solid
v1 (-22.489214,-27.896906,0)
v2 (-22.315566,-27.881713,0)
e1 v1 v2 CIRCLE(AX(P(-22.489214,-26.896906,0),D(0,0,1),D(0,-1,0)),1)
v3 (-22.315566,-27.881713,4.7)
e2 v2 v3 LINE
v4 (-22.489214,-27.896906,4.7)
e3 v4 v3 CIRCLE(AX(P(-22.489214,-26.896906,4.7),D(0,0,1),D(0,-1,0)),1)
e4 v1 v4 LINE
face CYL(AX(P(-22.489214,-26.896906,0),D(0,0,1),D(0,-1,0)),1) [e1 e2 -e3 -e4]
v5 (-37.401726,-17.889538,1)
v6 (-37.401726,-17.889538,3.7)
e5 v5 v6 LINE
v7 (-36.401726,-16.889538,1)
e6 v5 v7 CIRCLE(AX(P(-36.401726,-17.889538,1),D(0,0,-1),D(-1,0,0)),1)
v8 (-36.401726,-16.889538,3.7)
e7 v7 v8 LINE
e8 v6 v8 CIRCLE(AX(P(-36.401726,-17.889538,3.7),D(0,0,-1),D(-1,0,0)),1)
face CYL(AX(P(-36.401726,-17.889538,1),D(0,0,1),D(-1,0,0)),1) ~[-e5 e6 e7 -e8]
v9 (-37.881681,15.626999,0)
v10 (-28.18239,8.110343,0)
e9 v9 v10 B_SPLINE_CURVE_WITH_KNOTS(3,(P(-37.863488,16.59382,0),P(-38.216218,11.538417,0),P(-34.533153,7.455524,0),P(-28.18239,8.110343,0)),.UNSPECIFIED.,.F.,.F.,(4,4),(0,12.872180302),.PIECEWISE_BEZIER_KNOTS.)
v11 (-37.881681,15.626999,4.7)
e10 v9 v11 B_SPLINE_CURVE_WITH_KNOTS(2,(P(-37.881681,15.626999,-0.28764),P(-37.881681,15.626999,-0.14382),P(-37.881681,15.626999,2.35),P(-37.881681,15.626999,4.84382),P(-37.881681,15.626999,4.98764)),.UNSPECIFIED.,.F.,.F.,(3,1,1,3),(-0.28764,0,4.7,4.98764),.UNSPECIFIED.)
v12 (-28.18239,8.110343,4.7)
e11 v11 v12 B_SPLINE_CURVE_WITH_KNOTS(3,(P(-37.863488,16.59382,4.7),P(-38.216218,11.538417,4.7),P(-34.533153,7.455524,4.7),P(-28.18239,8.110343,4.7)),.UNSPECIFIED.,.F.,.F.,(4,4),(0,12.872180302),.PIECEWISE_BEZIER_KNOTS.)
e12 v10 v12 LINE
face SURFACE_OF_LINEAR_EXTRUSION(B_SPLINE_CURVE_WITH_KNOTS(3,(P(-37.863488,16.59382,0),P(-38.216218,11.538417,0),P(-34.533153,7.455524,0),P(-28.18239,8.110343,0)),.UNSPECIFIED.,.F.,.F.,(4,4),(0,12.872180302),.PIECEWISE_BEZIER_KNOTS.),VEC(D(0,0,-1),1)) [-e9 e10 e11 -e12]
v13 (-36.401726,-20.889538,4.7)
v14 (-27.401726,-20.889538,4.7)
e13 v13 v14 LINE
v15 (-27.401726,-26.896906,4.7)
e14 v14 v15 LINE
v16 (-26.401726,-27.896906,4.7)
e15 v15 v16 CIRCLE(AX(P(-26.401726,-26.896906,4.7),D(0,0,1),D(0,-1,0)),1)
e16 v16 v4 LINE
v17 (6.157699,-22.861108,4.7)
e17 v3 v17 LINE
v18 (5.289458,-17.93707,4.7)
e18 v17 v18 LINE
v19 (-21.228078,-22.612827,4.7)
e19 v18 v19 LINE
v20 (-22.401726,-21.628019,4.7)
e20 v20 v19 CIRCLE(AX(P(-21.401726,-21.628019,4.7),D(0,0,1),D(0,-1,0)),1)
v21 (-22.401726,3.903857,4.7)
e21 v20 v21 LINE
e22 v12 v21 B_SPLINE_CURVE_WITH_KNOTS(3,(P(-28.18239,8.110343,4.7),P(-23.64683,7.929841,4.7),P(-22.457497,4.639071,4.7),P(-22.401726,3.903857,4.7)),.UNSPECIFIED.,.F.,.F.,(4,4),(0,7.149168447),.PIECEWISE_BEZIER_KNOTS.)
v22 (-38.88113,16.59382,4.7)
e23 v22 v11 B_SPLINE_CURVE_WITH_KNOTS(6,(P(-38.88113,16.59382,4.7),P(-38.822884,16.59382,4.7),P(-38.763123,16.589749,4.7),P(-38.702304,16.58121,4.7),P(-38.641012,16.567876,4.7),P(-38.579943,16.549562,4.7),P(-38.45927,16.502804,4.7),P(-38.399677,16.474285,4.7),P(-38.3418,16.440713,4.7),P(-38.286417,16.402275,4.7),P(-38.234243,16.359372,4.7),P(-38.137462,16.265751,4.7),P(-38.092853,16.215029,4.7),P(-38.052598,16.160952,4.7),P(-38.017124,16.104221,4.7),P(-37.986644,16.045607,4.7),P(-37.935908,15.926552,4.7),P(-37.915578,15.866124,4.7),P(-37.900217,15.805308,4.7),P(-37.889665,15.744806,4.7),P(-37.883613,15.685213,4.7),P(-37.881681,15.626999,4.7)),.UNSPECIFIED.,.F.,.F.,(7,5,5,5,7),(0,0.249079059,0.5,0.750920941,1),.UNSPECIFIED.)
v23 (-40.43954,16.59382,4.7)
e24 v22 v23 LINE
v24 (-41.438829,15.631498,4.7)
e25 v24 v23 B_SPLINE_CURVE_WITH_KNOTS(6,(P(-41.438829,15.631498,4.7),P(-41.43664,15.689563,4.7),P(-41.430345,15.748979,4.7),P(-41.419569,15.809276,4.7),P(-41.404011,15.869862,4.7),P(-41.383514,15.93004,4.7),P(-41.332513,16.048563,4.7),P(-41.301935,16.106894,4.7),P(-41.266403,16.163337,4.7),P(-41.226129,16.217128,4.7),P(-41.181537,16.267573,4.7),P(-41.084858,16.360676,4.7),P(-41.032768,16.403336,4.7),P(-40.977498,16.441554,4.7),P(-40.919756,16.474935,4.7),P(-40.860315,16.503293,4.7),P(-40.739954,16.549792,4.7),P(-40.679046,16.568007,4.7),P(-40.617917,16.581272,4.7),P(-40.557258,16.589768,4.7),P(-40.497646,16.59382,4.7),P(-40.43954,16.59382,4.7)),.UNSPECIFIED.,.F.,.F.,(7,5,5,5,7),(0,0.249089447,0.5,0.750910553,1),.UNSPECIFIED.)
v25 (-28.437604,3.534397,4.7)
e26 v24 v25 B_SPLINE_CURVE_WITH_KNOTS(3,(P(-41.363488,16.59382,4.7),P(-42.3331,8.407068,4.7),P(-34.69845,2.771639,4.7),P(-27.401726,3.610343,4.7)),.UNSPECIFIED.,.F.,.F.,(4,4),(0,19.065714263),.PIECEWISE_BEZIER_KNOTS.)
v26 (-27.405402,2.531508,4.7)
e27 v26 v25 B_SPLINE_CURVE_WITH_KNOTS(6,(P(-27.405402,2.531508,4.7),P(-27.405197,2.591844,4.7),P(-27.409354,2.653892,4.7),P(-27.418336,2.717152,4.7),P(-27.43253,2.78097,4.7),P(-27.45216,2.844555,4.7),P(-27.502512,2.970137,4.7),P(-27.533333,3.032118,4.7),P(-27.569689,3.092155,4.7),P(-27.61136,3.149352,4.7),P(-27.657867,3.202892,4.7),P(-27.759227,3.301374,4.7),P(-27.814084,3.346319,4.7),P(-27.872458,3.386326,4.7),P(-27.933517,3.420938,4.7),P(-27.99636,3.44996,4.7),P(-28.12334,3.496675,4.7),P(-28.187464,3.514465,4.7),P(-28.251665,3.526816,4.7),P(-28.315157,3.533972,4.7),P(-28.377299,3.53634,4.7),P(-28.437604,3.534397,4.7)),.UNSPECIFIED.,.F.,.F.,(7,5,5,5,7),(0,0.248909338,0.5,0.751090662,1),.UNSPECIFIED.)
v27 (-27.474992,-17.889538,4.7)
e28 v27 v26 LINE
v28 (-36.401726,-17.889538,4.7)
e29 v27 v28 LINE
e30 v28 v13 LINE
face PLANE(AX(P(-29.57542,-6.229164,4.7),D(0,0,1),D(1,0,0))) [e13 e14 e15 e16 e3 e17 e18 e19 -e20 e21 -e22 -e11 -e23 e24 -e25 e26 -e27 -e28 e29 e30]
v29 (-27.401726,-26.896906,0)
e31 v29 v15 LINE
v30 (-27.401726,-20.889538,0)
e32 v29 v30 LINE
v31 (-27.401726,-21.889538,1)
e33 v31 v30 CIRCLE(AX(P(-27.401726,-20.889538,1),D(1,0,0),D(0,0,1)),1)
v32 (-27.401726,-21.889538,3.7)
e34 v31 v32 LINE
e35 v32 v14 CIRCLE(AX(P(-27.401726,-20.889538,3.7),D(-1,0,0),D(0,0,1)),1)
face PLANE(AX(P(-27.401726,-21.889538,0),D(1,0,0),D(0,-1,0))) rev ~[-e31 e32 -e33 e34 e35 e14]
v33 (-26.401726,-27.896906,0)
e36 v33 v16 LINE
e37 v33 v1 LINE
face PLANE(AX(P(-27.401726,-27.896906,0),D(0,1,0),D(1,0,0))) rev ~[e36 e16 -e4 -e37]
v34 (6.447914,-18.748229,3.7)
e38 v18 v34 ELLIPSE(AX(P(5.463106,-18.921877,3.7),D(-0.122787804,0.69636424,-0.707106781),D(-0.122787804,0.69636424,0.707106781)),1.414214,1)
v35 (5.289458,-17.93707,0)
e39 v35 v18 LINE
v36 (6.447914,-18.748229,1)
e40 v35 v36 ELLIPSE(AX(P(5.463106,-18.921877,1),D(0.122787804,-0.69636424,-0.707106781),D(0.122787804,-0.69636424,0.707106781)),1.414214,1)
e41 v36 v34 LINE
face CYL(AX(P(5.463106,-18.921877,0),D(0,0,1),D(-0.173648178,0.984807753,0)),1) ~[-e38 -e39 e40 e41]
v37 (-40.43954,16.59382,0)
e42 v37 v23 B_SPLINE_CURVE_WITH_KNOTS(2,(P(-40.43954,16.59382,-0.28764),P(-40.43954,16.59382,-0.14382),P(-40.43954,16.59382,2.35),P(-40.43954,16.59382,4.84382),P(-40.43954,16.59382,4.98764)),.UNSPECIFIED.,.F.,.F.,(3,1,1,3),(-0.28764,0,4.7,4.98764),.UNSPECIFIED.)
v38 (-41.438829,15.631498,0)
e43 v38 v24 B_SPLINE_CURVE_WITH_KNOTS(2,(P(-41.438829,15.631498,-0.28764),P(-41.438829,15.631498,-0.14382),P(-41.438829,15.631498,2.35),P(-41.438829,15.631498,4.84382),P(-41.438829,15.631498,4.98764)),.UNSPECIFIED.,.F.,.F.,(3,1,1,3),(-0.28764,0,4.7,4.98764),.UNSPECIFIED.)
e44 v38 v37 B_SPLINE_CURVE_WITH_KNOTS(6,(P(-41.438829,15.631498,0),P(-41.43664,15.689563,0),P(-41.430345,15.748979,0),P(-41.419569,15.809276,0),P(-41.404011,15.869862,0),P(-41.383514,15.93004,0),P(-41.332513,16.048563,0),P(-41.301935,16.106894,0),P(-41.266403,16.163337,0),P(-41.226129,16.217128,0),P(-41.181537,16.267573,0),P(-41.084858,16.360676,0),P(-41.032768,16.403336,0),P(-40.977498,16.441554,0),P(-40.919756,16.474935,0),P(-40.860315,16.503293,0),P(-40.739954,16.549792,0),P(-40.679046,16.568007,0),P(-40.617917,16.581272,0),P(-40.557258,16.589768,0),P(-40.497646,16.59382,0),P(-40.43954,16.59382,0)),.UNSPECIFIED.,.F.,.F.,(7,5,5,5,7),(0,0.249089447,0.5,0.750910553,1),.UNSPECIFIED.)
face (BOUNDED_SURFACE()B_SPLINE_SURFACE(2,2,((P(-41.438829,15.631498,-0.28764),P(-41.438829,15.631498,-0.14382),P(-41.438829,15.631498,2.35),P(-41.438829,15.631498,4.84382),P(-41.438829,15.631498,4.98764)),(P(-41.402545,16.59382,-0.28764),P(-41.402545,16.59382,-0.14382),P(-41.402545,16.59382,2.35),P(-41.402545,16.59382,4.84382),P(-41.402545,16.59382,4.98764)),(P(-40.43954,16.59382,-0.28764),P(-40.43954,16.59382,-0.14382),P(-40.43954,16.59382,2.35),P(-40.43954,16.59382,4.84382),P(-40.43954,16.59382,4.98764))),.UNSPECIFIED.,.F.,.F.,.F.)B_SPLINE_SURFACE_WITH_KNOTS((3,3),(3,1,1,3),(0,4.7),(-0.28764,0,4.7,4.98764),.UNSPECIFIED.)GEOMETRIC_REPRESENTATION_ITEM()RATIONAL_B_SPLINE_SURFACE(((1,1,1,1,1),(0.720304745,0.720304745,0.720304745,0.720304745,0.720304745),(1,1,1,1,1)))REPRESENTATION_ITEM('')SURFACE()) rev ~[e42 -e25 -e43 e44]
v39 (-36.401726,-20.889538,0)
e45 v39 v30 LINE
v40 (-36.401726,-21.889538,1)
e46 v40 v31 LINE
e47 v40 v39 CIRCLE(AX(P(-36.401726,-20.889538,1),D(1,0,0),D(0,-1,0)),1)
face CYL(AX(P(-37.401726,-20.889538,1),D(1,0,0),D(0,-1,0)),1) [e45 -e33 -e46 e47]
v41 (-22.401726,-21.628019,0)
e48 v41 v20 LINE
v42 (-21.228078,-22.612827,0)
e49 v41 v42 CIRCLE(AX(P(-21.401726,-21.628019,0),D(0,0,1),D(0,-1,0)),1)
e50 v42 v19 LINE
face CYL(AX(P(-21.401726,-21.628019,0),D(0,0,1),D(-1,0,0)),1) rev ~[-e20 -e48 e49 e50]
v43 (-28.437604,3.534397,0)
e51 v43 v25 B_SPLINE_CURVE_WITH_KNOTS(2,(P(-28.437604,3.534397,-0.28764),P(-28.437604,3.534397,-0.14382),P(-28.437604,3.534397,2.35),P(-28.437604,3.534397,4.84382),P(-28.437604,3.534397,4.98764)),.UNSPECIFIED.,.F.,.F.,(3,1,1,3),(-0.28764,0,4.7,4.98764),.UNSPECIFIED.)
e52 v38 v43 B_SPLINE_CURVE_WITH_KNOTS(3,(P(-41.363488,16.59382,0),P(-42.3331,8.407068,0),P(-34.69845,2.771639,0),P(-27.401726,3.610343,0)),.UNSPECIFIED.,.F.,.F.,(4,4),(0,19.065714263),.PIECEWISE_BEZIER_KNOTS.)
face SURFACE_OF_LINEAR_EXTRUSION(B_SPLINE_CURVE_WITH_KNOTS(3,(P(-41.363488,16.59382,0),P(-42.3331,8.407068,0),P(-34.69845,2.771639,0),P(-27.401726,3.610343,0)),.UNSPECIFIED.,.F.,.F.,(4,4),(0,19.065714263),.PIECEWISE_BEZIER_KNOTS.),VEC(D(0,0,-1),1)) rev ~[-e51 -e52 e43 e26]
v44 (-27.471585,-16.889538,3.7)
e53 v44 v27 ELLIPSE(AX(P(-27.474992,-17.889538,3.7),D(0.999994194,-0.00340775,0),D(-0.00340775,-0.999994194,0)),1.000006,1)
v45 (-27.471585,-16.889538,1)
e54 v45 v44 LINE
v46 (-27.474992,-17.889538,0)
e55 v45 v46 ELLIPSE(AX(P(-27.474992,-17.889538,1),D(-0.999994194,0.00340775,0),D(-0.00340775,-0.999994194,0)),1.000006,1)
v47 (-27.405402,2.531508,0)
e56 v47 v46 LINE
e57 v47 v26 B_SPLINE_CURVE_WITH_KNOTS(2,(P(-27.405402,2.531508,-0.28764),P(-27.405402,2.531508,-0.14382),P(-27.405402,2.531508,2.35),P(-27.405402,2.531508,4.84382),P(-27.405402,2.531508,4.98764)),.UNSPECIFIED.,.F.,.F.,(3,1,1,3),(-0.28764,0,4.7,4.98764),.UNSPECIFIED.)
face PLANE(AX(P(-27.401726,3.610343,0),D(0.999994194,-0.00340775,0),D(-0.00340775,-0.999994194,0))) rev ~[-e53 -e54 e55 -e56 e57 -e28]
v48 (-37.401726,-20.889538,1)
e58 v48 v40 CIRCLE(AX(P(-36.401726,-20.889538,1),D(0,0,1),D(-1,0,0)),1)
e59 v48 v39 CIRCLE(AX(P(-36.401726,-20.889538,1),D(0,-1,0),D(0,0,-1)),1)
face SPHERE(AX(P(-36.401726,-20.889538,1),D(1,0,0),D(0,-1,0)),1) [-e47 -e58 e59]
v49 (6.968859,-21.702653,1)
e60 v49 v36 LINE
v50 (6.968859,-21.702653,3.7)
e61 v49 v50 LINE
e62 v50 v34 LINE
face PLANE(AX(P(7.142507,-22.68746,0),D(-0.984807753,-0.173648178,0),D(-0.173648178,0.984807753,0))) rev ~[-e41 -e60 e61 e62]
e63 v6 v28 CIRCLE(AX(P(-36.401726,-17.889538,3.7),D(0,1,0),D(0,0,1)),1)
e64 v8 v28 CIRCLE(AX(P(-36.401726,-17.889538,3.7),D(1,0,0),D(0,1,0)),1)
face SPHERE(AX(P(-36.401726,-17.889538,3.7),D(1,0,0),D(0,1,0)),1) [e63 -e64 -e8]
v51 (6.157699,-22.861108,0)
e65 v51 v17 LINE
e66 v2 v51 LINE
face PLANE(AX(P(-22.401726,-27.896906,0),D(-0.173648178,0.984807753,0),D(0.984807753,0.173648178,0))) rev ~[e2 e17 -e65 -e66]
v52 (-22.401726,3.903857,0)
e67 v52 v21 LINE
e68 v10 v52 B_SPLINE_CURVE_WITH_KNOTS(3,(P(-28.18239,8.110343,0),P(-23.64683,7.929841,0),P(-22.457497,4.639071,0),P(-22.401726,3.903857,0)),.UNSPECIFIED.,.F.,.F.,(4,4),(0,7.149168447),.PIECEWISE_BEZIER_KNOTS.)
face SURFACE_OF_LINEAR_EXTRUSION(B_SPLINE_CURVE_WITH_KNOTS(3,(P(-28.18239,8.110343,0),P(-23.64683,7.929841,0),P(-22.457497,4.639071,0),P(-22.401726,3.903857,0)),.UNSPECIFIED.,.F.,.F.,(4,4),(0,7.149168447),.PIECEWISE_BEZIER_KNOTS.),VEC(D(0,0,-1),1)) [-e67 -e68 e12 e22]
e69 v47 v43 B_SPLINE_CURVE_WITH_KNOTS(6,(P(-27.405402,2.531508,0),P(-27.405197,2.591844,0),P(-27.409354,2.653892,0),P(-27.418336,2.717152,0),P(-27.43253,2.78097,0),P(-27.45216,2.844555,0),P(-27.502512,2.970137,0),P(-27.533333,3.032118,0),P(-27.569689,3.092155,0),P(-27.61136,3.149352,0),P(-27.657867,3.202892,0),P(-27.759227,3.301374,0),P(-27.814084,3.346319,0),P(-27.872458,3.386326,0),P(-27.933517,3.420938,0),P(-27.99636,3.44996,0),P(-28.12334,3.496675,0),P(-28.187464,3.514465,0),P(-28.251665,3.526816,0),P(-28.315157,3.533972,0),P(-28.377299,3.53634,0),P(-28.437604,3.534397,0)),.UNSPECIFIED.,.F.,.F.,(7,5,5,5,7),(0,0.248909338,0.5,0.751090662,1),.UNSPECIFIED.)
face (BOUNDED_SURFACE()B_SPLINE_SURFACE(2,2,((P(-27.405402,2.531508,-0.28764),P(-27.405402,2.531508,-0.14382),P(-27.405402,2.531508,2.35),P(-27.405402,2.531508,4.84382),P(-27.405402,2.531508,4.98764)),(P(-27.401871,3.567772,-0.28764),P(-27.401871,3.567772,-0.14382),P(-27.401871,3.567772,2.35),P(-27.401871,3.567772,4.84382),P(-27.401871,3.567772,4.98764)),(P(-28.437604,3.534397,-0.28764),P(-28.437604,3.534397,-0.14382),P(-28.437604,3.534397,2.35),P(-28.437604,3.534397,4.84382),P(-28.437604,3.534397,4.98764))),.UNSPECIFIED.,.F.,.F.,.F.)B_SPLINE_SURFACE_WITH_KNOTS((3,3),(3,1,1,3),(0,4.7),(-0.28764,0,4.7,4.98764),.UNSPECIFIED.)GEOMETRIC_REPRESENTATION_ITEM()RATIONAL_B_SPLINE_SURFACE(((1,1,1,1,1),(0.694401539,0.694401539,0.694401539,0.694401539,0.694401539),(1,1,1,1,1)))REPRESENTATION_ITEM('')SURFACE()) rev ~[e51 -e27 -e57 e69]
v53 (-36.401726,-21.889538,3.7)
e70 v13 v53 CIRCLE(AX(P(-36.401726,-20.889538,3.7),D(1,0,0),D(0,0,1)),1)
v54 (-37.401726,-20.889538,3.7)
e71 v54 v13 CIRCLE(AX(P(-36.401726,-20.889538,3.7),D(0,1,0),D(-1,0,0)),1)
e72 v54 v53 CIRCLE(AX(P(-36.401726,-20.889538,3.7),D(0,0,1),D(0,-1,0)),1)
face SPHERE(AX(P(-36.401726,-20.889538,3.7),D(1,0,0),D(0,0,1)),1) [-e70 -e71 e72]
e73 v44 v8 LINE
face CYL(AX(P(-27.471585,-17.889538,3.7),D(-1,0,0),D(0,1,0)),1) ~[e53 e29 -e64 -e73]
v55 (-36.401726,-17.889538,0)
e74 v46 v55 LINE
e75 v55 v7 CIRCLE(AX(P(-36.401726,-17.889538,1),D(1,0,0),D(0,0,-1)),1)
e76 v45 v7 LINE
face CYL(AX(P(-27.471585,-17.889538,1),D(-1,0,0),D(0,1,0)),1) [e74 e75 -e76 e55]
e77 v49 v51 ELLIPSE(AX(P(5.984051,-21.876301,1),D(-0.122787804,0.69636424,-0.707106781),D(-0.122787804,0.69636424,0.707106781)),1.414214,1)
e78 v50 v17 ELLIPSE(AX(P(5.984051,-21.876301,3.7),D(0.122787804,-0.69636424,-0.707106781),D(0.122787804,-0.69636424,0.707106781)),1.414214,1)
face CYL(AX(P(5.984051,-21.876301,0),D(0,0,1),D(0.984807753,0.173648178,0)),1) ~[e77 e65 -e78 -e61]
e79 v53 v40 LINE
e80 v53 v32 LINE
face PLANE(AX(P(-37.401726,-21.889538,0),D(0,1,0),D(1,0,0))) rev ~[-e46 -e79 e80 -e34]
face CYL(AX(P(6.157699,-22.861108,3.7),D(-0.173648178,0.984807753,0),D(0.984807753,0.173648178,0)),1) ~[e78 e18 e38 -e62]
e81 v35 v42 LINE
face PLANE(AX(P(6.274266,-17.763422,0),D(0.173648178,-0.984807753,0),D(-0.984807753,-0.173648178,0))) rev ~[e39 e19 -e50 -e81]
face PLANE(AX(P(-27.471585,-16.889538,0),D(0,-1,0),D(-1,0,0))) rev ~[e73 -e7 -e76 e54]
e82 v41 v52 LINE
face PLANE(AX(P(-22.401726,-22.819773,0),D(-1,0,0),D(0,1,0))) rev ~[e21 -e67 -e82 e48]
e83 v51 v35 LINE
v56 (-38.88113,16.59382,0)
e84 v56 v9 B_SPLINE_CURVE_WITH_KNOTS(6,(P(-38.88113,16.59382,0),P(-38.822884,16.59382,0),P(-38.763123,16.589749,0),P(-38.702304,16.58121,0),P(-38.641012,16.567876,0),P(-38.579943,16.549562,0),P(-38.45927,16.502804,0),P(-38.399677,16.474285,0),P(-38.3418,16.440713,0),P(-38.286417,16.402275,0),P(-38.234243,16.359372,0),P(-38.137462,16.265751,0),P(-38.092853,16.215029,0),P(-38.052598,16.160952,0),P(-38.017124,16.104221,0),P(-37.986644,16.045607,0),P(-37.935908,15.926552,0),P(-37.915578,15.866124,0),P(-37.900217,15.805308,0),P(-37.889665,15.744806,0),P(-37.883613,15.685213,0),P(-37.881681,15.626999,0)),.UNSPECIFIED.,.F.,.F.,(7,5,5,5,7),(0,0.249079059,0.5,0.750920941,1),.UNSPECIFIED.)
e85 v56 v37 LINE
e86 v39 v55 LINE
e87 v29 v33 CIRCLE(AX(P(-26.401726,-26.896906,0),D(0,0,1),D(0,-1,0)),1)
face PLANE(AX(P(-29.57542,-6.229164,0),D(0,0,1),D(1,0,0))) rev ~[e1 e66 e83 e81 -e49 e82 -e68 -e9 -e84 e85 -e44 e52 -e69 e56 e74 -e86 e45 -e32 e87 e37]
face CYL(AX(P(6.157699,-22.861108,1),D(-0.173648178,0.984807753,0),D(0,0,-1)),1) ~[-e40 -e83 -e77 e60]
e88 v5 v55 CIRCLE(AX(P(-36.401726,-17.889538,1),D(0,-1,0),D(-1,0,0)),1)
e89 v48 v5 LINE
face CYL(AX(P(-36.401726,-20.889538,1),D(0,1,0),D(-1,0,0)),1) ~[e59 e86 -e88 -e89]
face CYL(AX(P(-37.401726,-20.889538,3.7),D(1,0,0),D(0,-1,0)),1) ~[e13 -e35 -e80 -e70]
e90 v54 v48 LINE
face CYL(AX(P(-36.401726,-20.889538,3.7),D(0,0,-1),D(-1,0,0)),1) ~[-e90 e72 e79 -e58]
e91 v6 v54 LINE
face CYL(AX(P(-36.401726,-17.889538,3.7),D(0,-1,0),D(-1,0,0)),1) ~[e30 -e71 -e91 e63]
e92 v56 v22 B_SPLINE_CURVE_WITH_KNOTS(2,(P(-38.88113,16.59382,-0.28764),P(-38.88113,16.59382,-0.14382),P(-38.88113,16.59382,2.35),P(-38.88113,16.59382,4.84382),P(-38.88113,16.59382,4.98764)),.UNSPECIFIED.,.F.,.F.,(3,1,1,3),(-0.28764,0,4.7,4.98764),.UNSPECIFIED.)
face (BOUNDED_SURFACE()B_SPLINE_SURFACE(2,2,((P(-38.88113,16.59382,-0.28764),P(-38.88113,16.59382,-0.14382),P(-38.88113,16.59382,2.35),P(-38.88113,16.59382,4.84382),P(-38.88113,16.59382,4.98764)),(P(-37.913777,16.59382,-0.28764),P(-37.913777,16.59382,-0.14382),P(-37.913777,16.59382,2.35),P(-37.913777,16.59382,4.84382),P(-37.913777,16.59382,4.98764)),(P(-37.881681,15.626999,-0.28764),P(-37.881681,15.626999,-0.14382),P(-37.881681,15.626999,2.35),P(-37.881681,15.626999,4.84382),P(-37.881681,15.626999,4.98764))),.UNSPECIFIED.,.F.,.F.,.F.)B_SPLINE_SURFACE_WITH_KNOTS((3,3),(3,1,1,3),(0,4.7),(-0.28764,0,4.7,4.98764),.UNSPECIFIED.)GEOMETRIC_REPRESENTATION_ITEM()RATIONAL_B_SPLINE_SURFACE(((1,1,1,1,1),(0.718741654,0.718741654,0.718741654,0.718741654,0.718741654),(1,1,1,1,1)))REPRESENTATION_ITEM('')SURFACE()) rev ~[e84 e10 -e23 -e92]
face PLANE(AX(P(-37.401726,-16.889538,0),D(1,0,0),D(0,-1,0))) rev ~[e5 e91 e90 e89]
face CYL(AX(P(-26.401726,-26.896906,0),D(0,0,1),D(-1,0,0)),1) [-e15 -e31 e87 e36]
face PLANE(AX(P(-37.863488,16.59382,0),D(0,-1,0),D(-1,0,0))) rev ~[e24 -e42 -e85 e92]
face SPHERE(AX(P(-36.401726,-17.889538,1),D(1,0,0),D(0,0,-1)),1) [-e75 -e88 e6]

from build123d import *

# Parameters (mm, degrees)
F1_DEPTH = 4.7
F2_R     = 1
F3_R     = 1
F4_R     = 1
F5_R     = 1
F6_R     = 1
F7_R     = 1


with BuildPart() as f1:
    # F0 (on Top) → F1 (new body)
    with BuildSketch(Plane.XY):
        with BuildLine():
            Line((-37.8634879111, 16.5938198038), (-41.3634879111, 16.5938198038))
            add(Edge.make_bspline(
                [(-41.3634879111, 16.5938198038), (-42.3330999579, 8.4070676233), (-34.6984496013, 2.7716392946), (-27.4017257528, 3.6103434673)],
                knots=[0, 0, 0, 0, 19.0657142627, 19.0657142627, 19.0657142627, 19.0657142627], degree=3))
            Line((-27.4017257528, 3.6103434673), (-27.4715846299, -16.8895375016))
            Line((-27.4715846299, -16.8895375016), (-37.4017257528, -16.8895375016))
            Line((-37.4017257528, -16.8895375016), (-37.4017257528, -21.8895375016))
            Line((-37.4017257528, -21.8895375016), (-27.4017257528, -21.8895375016))
            Line((-27.4017257528, -21.8895375016), (-27.4017257528, -27.8969056376))
            Line((-27.4017257528, -27.8969056376), (-22.4017257528, -27.8969056376))
            Line((-22.4017257528, -27.8969056376), (-22.4017257528, -22.8197725782))
            Line((-22.4017257528, -22.8197725782), (-22.4017257528, 3.9038568961))
            add(Edge.make_bspline(
                [(-28.182390092, 8.1103434673), (-23.6468304455, 7.92984111), (-22.4574972274, 4.6390707602), (-22.4017257528, 3.9038568961)],
                knots=[0, 0, 0, 0, 7.1491684465, 7.1491684465, 7.1491684465, 7.1491684465], degree=3))
            add(Edge.make_bspline(
                [(-37.8634879111, 16.5938198038), (-38.2162182752, 11.5384167701), (-34.5331529288, 7.4555239978), (-28.182390092, 8.1103434673)],
                knots=[0, 0, 0, 0, 12.8721803023, 12.8721803023, 12.8721803023, 12.8721803023], degree=3))
        make_face()
        Polygon((6.2742659492, -17.7634215425), (-22.4017257528, -22.8197725782), (-22.4017257528, -27.8969056376), (7.1425068376, -22.6874603076), align=None)
    extrude(amount=F1_DEPTH)

    # F2
    f2_edges = [f1.edges().sort_by_distance(p)[0] for p in [
        (-32.436655, -16.889538, 4.7),
        (-32.436655, -16.889538, 0),
        (-32.401726, -21.889538, 4.7),
        (-32.401726, -21.889538, 0),
    ]]
    fillet(f2_edges, radius=F2_R)

    # F3
    f3_edges = [f1.edges().sort_by_distance(p)[0] for p in [
        (-27.401726, -27.896906, 2.35),
        (-27.401726, 3.610343, 2.35),
    ]]
    fillet(f3_edges, radius=F3_R)

    # F4
    f4_edges = [f1.edges().sort_by_distance(p)[0] for p in [
        (-41.363488, 16.59382, 2.35),
        (-37.863488, 16.59382, 2.35),
    ]]
    fillet(f4_edges, radius=F4_R)

    # F5
    f5_edges = [f1.edges().sort_by_distance(p)[0] for p in [
        (-22.401726, -22.819773, 2.35),
        (6.274266, -17.763422, 2.35),
        (7.142507, -22.68746, 2.35),
        (6.708386, -20.225441, 0),
        (6.708386, -20.225441, 4.7),
    ]]
    fillet(f5_edges, radius=F5_R)

    # F6
    f6_edges = [f1.edges().sort_by_distance(p)[0] for p in [
        (-37.401726, -16.889538, 2.35),
        (-37.401726, -17.182431, 0.292893),
        (-37.401726, -17.182431, 4.407107),
        (-37.401726, -19.389538, 0),
        (-37.401726, -19.389538, 4.7),
        (-37.401726, -21.596644, 0.292893),
        (-37.401726, -21.596644, 4.407107),
        (-37.401726, -21.889538, 2.35),
    ]]
    fillet(f6_edges, radius=F6_R)

    # F7
    f7_edges = [f1.edges().sort_by_distance(p)[0] for p in [
        (-22.401726, -27.896906, 2.35),
    ]]
    fillet(f7_edges, radius=F7_R)


solid = f1.part
